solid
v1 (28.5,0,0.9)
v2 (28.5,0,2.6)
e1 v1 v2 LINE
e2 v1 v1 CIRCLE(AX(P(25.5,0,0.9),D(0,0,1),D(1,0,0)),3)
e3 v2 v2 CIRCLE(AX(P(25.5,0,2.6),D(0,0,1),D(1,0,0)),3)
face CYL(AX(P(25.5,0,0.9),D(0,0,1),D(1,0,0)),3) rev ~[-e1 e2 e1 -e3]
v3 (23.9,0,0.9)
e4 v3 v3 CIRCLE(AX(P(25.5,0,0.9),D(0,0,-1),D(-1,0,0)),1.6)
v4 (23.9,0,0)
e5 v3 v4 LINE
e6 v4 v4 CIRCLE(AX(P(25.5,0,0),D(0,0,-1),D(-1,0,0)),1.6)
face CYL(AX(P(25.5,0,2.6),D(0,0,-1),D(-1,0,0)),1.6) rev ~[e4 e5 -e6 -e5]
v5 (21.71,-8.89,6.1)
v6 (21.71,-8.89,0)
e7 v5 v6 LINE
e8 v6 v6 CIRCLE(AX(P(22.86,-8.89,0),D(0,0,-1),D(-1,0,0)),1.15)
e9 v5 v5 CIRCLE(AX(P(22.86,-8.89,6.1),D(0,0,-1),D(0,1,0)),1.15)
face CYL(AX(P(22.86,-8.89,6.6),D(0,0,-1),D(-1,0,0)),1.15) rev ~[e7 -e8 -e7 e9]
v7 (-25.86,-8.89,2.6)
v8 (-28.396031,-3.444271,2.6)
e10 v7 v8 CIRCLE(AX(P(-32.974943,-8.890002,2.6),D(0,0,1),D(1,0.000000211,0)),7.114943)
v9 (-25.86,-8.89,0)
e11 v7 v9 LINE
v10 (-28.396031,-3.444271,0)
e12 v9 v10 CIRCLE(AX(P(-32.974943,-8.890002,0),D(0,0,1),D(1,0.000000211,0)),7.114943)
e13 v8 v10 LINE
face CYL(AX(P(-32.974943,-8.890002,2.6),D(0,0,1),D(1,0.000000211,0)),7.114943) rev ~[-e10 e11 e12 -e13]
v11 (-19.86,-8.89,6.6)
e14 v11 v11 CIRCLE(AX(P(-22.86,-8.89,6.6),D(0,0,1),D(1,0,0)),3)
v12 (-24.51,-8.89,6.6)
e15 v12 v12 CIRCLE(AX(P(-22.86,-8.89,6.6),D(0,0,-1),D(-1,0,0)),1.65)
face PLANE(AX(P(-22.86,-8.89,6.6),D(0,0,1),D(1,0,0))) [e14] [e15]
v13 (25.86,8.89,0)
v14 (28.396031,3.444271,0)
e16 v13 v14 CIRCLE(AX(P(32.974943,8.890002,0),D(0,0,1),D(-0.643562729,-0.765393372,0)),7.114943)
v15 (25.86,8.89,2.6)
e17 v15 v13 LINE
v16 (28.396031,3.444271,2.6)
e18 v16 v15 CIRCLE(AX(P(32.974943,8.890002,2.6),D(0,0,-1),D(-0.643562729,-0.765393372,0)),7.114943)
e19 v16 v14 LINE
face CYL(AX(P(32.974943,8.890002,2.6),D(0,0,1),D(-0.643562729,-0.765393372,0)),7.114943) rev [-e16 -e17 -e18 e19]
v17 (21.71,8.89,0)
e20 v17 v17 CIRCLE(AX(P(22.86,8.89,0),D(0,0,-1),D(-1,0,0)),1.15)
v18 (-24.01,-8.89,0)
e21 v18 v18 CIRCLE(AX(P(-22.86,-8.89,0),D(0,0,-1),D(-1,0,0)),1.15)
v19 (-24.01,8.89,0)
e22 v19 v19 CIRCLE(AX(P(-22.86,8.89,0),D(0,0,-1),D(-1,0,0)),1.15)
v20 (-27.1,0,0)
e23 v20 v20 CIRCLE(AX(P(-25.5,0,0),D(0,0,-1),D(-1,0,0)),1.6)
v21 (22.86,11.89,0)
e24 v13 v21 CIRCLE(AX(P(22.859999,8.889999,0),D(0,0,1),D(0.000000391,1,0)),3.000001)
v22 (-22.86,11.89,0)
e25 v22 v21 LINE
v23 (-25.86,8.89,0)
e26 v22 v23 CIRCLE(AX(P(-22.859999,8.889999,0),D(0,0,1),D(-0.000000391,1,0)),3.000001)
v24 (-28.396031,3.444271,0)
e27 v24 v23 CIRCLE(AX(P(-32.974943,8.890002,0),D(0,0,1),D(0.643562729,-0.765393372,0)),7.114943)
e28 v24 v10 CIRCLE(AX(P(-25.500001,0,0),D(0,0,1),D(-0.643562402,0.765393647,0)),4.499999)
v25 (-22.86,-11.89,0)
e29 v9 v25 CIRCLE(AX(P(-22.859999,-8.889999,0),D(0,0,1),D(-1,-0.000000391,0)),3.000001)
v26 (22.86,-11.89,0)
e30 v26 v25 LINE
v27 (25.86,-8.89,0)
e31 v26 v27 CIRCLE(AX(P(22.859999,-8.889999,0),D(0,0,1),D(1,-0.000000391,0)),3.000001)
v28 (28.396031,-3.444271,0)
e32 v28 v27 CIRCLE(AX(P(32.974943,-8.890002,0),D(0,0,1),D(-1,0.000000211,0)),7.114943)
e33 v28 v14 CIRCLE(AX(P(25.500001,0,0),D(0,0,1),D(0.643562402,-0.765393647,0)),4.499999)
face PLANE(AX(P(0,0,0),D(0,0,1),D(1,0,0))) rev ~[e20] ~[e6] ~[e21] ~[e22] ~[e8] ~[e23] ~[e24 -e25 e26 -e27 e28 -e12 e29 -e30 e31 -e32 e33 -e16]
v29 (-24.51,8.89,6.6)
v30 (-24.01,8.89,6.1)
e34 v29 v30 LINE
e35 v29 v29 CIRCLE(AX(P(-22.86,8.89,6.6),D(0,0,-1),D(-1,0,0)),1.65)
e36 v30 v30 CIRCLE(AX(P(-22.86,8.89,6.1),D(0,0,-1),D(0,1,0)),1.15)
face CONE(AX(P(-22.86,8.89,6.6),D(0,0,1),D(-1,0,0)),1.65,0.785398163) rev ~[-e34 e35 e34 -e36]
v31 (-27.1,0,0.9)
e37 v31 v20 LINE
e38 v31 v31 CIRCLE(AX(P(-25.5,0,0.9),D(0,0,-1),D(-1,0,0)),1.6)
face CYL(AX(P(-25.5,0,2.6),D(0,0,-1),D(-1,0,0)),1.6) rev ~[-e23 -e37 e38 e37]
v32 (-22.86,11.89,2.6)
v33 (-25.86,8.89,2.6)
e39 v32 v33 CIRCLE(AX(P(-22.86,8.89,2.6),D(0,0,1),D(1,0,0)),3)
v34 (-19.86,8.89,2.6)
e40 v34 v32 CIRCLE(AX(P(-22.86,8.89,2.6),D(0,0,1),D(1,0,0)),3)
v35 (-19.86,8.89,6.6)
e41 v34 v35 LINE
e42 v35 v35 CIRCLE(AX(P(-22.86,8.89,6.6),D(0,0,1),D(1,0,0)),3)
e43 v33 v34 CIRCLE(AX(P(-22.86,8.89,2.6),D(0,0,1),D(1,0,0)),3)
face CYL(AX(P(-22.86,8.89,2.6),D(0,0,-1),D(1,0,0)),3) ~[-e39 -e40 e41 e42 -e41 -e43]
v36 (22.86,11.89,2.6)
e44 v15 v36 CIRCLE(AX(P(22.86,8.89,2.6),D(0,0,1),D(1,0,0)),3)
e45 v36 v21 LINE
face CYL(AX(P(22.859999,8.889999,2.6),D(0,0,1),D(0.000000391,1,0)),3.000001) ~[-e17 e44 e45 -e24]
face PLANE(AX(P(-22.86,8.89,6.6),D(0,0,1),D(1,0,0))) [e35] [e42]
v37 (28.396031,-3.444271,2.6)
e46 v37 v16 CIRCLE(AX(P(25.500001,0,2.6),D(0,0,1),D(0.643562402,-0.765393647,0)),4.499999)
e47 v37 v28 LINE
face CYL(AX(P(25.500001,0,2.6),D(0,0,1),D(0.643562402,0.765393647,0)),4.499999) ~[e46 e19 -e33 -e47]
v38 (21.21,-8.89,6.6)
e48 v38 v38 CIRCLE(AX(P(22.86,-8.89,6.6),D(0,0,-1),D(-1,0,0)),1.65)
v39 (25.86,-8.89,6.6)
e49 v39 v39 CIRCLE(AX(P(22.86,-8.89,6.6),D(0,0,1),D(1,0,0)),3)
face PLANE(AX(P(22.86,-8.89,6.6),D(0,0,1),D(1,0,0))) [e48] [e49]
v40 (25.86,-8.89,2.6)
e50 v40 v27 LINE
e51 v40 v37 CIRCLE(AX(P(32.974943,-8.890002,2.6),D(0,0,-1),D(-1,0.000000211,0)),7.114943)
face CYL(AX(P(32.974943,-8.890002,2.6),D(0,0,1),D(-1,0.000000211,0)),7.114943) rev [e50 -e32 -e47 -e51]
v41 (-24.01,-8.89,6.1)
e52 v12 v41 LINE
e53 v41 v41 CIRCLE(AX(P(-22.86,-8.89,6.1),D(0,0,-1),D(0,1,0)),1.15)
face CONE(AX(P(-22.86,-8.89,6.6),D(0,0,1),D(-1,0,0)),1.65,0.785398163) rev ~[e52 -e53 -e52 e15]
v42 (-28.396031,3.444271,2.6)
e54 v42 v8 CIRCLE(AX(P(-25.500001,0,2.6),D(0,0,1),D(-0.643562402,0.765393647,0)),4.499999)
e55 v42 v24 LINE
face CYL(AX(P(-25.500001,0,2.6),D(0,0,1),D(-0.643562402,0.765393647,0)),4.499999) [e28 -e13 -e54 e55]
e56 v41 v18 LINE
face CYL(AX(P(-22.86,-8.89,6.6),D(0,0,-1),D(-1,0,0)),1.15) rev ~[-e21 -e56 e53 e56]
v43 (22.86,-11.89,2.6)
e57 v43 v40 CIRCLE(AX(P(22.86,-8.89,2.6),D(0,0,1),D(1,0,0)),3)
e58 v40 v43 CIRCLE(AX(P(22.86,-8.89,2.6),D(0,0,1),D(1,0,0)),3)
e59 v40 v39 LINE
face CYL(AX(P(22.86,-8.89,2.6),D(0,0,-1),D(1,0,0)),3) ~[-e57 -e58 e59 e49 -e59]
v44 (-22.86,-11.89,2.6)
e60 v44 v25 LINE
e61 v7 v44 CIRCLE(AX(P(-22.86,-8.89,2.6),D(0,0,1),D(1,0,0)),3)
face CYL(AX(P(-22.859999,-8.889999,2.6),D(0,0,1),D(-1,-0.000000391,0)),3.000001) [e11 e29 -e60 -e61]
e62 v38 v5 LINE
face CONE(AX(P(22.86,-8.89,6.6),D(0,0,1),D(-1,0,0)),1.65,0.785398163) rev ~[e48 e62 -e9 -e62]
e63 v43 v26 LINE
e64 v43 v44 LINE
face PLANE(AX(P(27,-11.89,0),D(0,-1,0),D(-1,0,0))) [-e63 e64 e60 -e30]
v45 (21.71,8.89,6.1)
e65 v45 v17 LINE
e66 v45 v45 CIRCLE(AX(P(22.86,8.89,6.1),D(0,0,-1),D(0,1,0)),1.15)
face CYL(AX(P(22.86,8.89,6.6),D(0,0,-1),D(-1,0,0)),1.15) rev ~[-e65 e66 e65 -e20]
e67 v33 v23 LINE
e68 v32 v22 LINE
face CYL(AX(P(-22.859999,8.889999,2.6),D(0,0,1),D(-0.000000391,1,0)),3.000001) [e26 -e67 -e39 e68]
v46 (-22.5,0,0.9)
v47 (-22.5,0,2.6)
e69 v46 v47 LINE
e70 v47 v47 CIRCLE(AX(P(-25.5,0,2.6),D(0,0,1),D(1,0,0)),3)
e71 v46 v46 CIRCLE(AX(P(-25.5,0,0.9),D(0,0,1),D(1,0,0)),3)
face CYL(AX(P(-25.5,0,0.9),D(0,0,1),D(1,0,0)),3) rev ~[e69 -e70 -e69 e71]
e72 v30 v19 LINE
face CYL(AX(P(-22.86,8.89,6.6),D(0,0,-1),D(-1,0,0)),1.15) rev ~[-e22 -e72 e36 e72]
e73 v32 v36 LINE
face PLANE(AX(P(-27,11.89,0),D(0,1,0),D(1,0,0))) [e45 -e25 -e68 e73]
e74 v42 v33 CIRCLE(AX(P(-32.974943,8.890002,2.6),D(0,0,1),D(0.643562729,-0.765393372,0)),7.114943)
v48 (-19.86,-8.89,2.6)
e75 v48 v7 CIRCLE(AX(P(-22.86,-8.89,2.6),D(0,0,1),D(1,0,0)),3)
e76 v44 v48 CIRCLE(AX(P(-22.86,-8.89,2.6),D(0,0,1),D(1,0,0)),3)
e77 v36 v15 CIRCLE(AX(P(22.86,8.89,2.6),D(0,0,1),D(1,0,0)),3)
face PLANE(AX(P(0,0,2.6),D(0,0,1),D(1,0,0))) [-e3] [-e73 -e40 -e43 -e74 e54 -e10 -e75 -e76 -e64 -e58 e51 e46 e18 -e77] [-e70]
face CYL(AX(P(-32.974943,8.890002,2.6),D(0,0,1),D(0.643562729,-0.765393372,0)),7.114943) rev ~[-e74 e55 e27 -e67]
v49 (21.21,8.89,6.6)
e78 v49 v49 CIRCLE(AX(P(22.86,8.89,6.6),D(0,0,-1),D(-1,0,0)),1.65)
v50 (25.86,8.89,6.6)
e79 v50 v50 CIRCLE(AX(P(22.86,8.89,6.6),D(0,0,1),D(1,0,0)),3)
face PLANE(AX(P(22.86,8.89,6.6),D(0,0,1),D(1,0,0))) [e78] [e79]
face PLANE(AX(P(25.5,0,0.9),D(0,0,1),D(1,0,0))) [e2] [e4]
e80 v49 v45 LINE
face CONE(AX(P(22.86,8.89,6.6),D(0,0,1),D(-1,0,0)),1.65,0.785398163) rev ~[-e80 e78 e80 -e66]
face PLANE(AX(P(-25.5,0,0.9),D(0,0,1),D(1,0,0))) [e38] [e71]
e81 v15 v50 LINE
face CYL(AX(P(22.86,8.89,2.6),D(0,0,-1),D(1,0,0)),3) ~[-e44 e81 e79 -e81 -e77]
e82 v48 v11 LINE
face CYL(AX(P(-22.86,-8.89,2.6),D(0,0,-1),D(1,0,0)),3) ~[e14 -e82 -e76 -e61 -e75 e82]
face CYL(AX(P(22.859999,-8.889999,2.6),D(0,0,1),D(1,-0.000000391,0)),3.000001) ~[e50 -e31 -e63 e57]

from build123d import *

# Parameters (mm, degrees)
SKETCH013_R         = 0.5
PAD006_DEPTH        = 2.6
SKETCH014_R         = 3
SKETCH014_R_2       = 0.5
PAD007_DEPTH        = 4
HOLE007_D           = 2.3
HOLE007_CSINK_D     = 3.3
HOLE007_CSINK_ANGLE = 90
HOLE008_D           = 3.2
HOLE008_CBORE_D     = 6
HOLE008_CBORE_DEPTH = 1.7
POCKET_DEPTH        = 132.355359


with BuildPart() as part:
    # Sketch013 → Pad006 (new body)
    with BuildSketch(Plane.XY):
        with BuildLine():
            ThreePointArc((-27, 11.89), (-29.12132, 11.01132), (-30, 8.89))
            Line((-30, -8.89), (-30, 8.89))
            ThreePointArc((-30, -8.89), (-29.12132, -11.01132), (-27, -11.89))
            Line((27, -11.89), (-27, -11.89))
            ThreePointArc((27, -11.89), (29.12132, -11.01132), (30, -8.89))
            Line((30, 8.89), (30, -8.89))
            ThreePointArc((30, 8.89), (29.12132, 11.01132), (27, 11.89))
            Line((-27, 11.89), (27, 11.89))
        make_face()
        with Locations((-22.86, 8.89)):
            Circle(SKETCH013_R, mode=Mode.SUBTRACT)
        with Locations((22.86, 8.89)):
            Circle(SKETCH013_R, mode=Mode.SUBTRACT)
        with Locations((22.86, -8.89)):
            Circle(SKETCH013_R, mode=Mode.SUBTRACT)
        with Locations((-22.86, -8.89)):
            Circle(SKETCH013_R, mode=Mode.SUBTRACT)
    extrude(amount=PAD006_DEPTH)

    # Sketch014 (on Face14 of Pad006) → Pad007 (join)
    with BuildSketch(Plane.XY.offset(2.6)):
        with Locations((-22.86, 8.89)):
            Circle(SKETCH014_R)
        with Locations((-22.86, 8.89)):
            Circle(SKETCH014_R_2, mode=Mode.SUBTRACT)
        with Locations((22.86, 8.89)):
            Circle(SKETCH014_R)
        with Locations((22.86, 8.89)):
            Circle(SKETCH014_R_2, mode=Mode.SUBTRACT)
        with Locations((-22.86, -8.89)):
            Circle(SKETCH014_R)
        with Locations((-22.86, -8.89)):
            Circle(SKETCH014_R_2, mode=Mode.SUBTRACT)
        with Locations((22.86, -8.89)):
            Circle(SKETCH014_R)
        with Locations((22.86, -8.89)):
            Circle(SKETCH014_R_2, mode=Mode.SUBTRACT)
    extrude(amount=PAD007_DEPTH)

    # Hole007 (through all)
    with Locations(Plane.XY.offset(6.6)):
        with Locations((-22.86, 8.89), (22.86, 8.89), (22.86, -8.89), (-22.86, -8.89)):
            CounterSinkHole(HOLE007_D / 2, HOLE007_CSINK_D / 2, counter_sink_angle=HOLE007_CSINK_ANGLE)

    # Hole008 (through all)
    with Locations(Plane.XY.offset(2.6)):
        with Locations((-25.5, 0), (25.5, 0)):
            CounterBoreHole(HOLE008_D / 2, HOLE008_CBORE_D / 2, HOLE008_CBORE_DEPTH)

    # Sketch017 (on Face5 of Hole008) → Pocket (cut, through all)
    with BuildSketch(Plane.XY.offset(2.6)):
        with BuildLine():
            ThreePointArc((-22.86, 11.89), (-24.98132, 11.01132), (-25.86, 8.89))
            ThreePointArc((-28.396031, 3.444271), (-26.525094, 5.88636), (-25.86, 8.89))
            ThreePointArc((-28.396031, 3.444271), (-30, 0), (-28.396031, -3.444271))
            ThreePointArc((-25.86, -8.89), (-26.525094, -5.88636), (-28.396031, -3.444271))
            ThreePointArc((-25.86, -8.89), (-24.98132, -11.01132), (-22.86, -11.89))
            Line((-32.97494, -11.89), (-22.86, -11.89))
            Line((-32.97494, -8.89), (-32.97494, -11.89))
            Line((-32.97494, 8.89), (-32.97494, -8.89))
            Line((-32.97494, 8.89), (-32.97494, 11.89))
            Line((-32.97494, 11.89), (-22.86, 11.89))
        make_face()
    pocket = extrude(amount=-POCKET_DEPTH, mode=Mode.SUBTRACT)

    # Mirrored005: Pocket across Sketch017 V_Axis
    add(pocket.mirror(Plane(origin=(0, 0, 2.6), x_dir=(0, 0, 1), z_dir=(1, 0, 0))), mode=Mode.SUBTRACT)


solid = part.part
